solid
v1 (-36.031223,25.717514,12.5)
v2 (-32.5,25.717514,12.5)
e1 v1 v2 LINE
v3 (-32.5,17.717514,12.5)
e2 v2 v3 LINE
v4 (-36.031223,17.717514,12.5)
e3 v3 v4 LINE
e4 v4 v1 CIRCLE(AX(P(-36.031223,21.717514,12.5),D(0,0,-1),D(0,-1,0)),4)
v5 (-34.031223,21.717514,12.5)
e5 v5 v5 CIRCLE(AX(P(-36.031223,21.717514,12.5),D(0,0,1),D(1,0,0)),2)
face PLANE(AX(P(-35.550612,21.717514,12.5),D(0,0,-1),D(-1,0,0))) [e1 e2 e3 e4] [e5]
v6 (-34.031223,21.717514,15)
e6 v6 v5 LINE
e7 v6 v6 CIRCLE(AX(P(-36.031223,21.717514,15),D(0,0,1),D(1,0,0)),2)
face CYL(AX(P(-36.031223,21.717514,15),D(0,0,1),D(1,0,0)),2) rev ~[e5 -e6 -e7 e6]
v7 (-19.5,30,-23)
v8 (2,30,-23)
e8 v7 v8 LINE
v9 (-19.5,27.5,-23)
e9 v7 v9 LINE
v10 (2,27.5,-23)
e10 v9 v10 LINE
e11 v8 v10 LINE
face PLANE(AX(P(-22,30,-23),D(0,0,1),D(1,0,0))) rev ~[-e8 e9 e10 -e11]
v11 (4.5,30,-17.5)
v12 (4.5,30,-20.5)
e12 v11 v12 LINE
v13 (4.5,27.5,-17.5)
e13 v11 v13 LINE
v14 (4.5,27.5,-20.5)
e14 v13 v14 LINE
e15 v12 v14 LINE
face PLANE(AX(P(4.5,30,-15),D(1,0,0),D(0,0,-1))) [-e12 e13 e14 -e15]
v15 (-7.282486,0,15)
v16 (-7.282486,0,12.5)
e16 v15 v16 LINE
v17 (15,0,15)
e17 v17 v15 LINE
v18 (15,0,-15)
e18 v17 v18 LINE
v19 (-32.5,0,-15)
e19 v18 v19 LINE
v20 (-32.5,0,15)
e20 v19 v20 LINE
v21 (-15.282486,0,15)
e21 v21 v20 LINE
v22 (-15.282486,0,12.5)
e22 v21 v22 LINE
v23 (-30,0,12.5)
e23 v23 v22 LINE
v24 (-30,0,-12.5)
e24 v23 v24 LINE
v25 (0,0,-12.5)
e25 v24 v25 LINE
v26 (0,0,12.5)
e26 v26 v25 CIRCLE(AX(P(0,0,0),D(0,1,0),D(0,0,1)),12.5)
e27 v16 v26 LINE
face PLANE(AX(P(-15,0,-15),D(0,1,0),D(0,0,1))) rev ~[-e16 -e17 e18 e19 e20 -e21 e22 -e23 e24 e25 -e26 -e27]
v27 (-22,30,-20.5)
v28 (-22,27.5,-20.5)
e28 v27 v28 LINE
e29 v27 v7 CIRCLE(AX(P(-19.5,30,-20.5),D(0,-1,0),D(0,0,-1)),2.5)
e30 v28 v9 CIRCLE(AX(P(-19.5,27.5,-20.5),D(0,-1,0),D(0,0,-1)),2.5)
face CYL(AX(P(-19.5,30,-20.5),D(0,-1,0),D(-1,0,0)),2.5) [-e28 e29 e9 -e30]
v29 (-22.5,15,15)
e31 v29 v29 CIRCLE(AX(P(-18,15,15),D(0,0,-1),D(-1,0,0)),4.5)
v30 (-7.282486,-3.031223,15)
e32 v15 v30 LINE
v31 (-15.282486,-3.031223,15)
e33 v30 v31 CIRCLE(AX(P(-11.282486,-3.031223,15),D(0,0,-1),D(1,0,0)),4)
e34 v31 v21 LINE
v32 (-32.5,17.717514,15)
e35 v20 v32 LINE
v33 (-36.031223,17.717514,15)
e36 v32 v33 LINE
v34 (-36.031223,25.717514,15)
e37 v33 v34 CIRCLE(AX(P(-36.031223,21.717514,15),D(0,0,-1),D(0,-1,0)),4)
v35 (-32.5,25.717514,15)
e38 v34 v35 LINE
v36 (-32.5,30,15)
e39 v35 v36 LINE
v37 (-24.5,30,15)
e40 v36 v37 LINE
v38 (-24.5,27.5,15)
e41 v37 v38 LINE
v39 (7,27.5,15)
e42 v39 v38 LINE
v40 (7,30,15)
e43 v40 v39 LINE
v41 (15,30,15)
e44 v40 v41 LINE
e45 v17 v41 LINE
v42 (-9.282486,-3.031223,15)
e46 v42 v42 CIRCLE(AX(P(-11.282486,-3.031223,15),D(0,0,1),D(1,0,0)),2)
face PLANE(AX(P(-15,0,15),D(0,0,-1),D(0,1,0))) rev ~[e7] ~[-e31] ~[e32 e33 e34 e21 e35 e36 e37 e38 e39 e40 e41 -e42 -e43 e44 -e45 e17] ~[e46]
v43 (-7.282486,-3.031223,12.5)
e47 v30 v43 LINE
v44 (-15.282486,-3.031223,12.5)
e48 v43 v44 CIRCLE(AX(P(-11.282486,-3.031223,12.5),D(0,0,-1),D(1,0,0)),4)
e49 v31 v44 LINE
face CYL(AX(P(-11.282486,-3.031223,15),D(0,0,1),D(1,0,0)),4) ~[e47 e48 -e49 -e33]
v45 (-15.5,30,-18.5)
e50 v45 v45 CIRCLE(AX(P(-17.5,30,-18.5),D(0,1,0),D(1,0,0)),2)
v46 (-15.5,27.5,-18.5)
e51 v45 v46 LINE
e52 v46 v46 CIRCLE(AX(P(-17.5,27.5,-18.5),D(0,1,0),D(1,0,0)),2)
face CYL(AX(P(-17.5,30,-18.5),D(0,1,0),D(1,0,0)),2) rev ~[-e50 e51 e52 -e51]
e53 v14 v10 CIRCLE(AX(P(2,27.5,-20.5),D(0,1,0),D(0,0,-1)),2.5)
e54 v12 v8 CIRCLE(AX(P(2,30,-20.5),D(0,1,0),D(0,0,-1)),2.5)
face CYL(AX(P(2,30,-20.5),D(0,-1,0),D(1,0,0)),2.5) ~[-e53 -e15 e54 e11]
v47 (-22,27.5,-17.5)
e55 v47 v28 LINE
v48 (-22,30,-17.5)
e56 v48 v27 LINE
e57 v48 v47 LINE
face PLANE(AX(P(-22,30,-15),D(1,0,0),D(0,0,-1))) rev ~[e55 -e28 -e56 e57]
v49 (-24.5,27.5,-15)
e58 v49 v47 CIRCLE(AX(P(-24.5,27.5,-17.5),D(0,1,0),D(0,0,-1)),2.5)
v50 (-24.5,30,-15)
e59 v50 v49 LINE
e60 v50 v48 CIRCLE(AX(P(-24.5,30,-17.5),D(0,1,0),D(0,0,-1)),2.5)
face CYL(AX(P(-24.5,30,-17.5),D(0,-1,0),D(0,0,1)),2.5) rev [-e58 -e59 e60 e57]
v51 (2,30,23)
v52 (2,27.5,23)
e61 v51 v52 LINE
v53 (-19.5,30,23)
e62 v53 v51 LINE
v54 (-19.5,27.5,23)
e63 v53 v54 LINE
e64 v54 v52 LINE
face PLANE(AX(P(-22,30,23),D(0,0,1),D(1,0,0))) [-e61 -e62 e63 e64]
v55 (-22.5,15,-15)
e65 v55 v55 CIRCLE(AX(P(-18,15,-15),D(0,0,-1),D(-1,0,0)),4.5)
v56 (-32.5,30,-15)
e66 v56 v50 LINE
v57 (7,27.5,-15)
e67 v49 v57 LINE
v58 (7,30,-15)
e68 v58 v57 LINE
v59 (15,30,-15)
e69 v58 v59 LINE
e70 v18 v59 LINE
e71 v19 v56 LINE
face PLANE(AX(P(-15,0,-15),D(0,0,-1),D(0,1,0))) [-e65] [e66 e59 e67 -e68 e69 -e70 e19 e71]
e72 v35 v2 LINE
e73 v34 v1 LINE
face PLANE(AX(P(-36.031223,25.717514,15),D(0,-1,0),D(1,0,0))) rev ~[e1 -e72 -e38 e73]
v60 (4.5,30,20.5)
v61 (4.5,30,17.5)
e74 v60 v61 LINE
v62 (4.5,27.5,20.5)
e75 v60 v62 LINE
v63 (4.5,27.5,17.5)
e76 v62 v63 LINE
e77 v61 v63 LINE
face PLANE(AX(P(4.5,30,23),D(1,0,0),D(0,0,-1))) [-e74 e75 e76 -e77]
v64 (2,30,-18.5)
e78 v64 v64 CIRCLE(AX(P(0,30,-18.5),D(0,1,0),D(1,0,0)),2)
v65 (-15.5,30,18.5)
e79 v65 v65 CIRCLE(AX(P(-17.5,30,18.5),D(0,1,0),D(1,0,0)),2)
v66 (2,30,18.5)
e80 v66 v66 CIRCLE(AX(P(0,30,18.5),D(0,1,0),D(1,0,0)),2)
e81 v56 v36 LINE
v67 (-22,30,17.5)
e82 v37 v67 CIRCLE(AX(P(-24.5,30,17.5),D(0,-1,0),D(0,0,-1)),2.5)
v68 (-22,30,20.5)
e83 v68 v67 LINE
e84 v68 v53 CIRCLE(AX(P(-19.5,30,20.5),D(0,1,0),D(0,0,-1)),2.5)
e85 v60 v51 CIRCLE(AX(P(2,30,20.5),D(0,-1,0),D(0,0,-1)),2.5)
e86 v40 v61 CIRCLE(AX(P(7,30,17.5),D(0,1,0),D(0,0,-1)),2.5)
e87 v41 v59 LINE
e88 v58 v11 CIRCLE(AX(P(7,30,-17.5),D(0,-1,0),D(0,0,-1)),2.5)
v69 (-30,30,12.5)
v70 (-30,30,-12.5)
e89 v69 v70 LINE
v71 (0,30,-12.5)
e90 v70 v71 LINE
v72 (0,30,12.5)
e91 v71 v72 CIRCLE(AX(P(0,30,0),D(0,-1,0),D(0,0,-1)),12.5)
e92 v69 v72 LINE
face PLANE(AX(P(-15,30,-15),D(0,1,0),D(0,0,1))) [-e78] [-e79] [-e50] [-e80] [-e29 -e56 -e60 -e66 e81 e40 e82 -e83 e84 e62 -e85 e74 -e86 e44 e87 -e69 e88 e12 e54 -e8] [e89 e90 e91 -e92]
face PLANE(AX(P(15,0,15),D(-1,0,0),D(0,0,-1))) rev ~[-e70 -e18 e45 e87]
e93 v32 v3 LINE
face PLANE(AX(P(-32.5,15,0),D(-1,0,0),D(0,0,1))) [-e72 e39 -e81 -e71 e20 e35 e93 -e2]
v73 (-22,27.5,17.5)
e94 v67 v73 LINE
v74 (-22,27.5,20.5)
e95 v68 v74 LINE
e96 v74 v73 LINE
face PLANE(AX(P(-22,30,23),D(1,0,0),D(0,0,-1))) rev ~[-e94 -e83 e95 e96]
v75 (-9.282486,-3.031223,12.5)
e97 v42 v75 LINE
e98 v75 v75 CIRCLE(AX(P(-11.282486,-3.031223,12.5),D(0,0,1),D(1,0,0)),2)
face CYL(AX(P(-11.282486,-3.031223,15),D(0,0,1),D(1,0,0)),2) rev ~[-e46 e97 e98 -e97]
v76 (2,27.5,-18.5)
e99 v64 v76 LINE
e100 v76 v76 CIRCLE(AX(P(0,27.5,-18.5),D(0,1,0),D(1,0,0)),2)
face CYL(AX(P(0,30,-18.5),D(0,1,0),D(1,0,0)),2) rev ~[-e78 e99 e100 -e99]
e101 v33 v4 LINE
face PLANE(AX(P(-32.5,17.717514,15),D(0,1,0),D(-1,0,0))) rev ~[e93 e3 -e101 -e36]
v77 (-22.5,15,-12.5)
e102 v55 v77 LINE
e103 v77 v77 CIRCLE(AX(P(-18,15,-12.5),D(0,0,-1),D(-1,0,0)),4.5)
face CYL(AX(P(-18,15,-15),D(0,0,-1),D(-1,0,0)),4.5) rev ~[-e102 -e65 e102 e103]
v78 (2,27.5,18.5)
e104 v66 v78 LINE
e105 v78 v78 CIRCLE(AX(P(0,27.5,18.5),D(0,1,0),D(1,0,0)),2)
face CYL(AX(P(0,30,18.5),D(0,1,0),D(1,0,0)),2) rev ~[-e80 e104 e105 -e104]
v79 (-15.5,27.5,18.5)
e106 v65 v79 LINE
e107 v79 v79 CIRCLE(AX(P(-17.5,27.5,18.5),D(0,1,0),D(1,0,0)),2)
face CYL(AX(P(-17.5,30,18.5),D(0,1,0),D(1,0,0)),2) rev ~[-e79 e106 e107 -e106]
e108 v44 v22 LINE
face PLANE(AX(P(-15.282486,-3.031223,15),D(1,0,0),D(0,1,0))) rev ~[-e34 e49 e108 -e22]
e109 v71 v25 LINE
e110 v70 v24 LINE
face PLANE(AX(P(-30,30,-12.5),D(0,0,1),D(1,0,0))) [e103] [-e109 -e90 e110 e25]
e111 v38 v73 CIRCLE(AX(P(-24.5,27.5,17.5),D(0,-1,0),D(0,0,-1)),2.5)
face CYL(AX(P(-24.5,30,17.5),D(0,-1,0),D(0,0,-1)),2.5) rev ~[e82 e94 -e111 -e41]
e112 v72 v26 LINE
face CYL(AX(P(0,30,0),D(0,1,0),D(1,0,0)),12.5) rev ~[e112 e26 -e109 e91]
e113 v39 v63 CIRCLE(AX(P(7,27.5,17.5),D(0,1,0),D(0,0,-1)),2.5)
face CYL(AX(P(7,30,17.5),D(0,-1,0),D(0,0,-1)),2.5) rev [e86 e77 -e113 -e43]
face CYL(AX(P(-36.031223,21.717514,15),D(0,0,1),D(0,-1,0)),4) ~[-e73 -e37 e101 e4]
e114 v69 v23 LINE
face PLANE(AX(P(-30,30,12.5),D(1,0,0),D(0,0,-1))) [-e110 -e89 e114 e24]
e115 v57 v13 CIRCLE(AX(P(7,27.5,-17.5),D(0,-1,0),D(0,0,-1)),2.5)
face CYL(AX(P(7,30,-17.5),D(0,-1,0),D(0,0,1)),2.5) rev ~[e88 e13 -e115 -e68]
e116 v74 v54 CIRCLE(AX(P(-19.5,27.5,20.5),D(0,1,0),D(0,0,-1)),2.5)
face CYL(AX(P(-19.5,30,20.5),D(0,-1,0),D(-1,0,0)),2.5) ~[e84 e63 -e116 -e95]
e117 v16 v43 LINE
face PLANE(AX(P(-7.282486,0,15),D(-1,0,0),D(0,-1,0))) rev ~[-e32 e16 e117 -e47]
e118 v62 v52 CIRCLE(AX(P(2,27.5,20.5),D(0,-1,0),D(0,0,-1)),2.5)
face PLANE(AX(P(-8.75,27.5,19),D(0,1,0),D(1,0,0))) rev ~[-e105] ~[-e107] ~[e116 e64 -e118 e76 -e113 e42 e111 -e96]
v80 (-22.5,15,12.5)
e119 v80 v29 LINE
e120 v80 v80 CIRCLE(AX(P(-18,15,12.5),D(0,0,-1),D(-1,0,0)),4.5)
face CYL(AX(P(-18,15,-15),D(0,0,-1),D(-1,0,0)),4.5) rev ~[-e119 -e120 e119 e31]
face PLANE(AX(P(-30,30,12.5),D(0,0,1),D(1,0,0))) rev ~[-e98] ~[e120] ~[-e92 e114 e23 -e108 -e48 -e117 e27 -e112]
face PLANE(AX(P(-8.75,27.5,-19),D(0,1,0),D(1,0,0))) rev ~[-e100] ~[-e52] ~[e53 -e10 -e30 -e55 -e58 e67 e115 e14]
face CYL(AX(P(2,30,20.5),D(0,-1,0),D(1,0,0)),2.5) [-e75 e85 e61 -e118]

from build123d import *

# Parameters (mm, degrees)
CROQUIS1_W              = 30
CROQUIS1_H              = 30
SALIENTE_EXTRUIR1_DEPTH = 30
CROQUIS2_R              = 12.5
CORTAR_EXTRUIR1_DEPTH   = 30
CROQUIS4_W              = 30
CROQUIS4_H              = 30
SALIENTE_EXTRUIR5_DEPTH = 17.5
CROQUIS6_W              = 30
CROQUIS6_H              = 25
CORTAR_EXTRUIR3_DEPTH   = 37.5
CROQUIS7_R              = 4.5
CORTAR_EXTRUIR5_DEPTH   = 37.5
CROQUIS8_R              = 2
SALIENTE_EXTRUIR6_DEPTH = 2.5
CROQUIS9_W              = 26.5
CROQUIS9_H              = 8
CROQUIS9_R              = 2
SALIENTE_EXTRUIR7_DEPTH = 2.5
REDONDEO1_R             = 2.5


with BuildPart() as part:
    # Croquis1 → Saliente-Extruir1 (new body)
    with BuildSketch(Plane(origin=(0, 0, 0), x_dir=(1, 0, 0), z_dir=(0, 1, 0))):
        Rectangle(CROQUIS1_W, CROQUIS1_H)
    extrude(amount=SALIENTE_EXTRUIR1_DEPTH)

    # Croquis2 → Cortar-Extruir1 (cut)
    with BuildSketch(Plane(origin=(0, 30, 0), x_dir=(1, 0, 0), z_dir=(0, 1, 0))):
        Circle(CROQUIS2_R)
    extrude(amount=-CORTAR_EXTRUIR1_DEPTH, mode=Mode.SUBTRACT)

    # Croquis4 → Saliente-Extruir5 (add)
    with BuildSketch(Plane.ZY.offset(15)):
        with Locations((0, 15)):
            Rectangle(CROQUIS4_W, CROQUIS4_H)
    extrude(amount=SALIENTE_EXTRUIR5_DEPTH)

    # Croquis6 → Cortar-Extruir3 (cut)
    with BuildSketch(Plane(origin=(0, 30, 0), x_dir=(1, 0, 0), z_dir=(0, 1, 0))):
        with Locations((-15, 0)):
            Rectangle(CROQUIS6_W, CROQUIS6_H)
    extrude(amount=-CORTAR_EXTRUIR3_DEPTH, mode=Mode.SUBTRACT)

    # Croquis7 → Cortar-Extruir5 (cut)
    with BuildSketch(Plane(origin=(0, 0, -15), x_dir=(-1, 0, 0), z_dir=(0, 0, -1))):
        with Locations((18, 15)):
            Circle(CROQUIS7_R)
    extrude(amount=-CORTAR_EXTRUIR5_DEPTH, mode=Mode.SUBTRACT)

    # Croquis8 → Saliente-Extruir6 (add)
    with BuildSketch(Plane.XY.offset(15)):
        with BuildLine():
            Line((-36.03122292, 25.717514421), (-32.5, 25.717514421))
            Line((-32.5, 25.717514421), (-32.5, 17.717514421))
            Line((-32.5, 17.717514421), (-36.03122292, 17.717514421))
            ThreePointArc((-36.03122292, 17.717514421), (-40.03122292, 21.717514421), (-36.03122292, 25.717514421))
        make_face()
        with Locations((-36.03122292, 21.717514421)):
            Circle(CROQUIS8_R, mode=Mode.SUBTRACT)
        with BuildLine():
            Line((-15.282485579, -3.03122292), (-15.282485579, 0))
            Line((-15.282485579, 0), (-7.282485579, 0))
            Line((-7.282485579, 0), (-7.282485579, -3.03122292))
            ThreePointArc((-7.282485579, -3.03122292), (-11.282485579, -7.03122292), (-15.282485579, -3.03122292))
        make_face()
        with Locations((-11.282485579, -3.03122292)):
            Circle(CROQUIS8_R, mode=Mode.SUBTRACT)
    extrude(amount=-SALIENTE_EXTRUIR6_DEPTH)

    # Croquis9 → Saliente-Extruir7 (add)
    with BuildSketch(Plane(origin=(0, 30, 0), x_dir=(1, 0, 0), z_dir=(0, 1, 0))):
        with Locations((-8.75, 19)):
            Rectangle(CROQUIS9_W, CROQUIS9_H)
        with Locations((0, 18.5)):
            Circle(CROQUIS9_R, mode=Mode.SUBTRACT)
        with Locations((-17.5, 18.5)):
            Circle(CROQUIS9_R, mode=Mode.SUBTRACT)
        with Locations((-8.75, -19)):
            Rectangle(CROQUIS9_W, CROQUIS9_H)
        with Locations((0, -18.5)):
            Circle(CROQUIS9_R, mode=Mode.SUBTRACT)
        with Locations((-17.5, -18.5)):
            Circle(CROQUIS9_R, mode=Mode.SUBTRACT)
    extrude(amount=-SALIENTE_EXTRUIR7_DEPTH)

    # Redondeo1
    redondeo1_edges = [part.edges().sort_by_distance(p)[0] for p in [
        (-22, 28.75, 23),
        (-22, 28.75, 15),
        (4.5, 28.75, 15),
        (4.5, 28.75, 23),
        (-22, 28.75, -15),
        (-22, 28.75, -23),
        (4.5, 28.75, -23),
        (4.5, 28.75, -15),
    ]]
    fillet(redondeo1_edges, radius=REDONDEO1_R)


solid = part.part
